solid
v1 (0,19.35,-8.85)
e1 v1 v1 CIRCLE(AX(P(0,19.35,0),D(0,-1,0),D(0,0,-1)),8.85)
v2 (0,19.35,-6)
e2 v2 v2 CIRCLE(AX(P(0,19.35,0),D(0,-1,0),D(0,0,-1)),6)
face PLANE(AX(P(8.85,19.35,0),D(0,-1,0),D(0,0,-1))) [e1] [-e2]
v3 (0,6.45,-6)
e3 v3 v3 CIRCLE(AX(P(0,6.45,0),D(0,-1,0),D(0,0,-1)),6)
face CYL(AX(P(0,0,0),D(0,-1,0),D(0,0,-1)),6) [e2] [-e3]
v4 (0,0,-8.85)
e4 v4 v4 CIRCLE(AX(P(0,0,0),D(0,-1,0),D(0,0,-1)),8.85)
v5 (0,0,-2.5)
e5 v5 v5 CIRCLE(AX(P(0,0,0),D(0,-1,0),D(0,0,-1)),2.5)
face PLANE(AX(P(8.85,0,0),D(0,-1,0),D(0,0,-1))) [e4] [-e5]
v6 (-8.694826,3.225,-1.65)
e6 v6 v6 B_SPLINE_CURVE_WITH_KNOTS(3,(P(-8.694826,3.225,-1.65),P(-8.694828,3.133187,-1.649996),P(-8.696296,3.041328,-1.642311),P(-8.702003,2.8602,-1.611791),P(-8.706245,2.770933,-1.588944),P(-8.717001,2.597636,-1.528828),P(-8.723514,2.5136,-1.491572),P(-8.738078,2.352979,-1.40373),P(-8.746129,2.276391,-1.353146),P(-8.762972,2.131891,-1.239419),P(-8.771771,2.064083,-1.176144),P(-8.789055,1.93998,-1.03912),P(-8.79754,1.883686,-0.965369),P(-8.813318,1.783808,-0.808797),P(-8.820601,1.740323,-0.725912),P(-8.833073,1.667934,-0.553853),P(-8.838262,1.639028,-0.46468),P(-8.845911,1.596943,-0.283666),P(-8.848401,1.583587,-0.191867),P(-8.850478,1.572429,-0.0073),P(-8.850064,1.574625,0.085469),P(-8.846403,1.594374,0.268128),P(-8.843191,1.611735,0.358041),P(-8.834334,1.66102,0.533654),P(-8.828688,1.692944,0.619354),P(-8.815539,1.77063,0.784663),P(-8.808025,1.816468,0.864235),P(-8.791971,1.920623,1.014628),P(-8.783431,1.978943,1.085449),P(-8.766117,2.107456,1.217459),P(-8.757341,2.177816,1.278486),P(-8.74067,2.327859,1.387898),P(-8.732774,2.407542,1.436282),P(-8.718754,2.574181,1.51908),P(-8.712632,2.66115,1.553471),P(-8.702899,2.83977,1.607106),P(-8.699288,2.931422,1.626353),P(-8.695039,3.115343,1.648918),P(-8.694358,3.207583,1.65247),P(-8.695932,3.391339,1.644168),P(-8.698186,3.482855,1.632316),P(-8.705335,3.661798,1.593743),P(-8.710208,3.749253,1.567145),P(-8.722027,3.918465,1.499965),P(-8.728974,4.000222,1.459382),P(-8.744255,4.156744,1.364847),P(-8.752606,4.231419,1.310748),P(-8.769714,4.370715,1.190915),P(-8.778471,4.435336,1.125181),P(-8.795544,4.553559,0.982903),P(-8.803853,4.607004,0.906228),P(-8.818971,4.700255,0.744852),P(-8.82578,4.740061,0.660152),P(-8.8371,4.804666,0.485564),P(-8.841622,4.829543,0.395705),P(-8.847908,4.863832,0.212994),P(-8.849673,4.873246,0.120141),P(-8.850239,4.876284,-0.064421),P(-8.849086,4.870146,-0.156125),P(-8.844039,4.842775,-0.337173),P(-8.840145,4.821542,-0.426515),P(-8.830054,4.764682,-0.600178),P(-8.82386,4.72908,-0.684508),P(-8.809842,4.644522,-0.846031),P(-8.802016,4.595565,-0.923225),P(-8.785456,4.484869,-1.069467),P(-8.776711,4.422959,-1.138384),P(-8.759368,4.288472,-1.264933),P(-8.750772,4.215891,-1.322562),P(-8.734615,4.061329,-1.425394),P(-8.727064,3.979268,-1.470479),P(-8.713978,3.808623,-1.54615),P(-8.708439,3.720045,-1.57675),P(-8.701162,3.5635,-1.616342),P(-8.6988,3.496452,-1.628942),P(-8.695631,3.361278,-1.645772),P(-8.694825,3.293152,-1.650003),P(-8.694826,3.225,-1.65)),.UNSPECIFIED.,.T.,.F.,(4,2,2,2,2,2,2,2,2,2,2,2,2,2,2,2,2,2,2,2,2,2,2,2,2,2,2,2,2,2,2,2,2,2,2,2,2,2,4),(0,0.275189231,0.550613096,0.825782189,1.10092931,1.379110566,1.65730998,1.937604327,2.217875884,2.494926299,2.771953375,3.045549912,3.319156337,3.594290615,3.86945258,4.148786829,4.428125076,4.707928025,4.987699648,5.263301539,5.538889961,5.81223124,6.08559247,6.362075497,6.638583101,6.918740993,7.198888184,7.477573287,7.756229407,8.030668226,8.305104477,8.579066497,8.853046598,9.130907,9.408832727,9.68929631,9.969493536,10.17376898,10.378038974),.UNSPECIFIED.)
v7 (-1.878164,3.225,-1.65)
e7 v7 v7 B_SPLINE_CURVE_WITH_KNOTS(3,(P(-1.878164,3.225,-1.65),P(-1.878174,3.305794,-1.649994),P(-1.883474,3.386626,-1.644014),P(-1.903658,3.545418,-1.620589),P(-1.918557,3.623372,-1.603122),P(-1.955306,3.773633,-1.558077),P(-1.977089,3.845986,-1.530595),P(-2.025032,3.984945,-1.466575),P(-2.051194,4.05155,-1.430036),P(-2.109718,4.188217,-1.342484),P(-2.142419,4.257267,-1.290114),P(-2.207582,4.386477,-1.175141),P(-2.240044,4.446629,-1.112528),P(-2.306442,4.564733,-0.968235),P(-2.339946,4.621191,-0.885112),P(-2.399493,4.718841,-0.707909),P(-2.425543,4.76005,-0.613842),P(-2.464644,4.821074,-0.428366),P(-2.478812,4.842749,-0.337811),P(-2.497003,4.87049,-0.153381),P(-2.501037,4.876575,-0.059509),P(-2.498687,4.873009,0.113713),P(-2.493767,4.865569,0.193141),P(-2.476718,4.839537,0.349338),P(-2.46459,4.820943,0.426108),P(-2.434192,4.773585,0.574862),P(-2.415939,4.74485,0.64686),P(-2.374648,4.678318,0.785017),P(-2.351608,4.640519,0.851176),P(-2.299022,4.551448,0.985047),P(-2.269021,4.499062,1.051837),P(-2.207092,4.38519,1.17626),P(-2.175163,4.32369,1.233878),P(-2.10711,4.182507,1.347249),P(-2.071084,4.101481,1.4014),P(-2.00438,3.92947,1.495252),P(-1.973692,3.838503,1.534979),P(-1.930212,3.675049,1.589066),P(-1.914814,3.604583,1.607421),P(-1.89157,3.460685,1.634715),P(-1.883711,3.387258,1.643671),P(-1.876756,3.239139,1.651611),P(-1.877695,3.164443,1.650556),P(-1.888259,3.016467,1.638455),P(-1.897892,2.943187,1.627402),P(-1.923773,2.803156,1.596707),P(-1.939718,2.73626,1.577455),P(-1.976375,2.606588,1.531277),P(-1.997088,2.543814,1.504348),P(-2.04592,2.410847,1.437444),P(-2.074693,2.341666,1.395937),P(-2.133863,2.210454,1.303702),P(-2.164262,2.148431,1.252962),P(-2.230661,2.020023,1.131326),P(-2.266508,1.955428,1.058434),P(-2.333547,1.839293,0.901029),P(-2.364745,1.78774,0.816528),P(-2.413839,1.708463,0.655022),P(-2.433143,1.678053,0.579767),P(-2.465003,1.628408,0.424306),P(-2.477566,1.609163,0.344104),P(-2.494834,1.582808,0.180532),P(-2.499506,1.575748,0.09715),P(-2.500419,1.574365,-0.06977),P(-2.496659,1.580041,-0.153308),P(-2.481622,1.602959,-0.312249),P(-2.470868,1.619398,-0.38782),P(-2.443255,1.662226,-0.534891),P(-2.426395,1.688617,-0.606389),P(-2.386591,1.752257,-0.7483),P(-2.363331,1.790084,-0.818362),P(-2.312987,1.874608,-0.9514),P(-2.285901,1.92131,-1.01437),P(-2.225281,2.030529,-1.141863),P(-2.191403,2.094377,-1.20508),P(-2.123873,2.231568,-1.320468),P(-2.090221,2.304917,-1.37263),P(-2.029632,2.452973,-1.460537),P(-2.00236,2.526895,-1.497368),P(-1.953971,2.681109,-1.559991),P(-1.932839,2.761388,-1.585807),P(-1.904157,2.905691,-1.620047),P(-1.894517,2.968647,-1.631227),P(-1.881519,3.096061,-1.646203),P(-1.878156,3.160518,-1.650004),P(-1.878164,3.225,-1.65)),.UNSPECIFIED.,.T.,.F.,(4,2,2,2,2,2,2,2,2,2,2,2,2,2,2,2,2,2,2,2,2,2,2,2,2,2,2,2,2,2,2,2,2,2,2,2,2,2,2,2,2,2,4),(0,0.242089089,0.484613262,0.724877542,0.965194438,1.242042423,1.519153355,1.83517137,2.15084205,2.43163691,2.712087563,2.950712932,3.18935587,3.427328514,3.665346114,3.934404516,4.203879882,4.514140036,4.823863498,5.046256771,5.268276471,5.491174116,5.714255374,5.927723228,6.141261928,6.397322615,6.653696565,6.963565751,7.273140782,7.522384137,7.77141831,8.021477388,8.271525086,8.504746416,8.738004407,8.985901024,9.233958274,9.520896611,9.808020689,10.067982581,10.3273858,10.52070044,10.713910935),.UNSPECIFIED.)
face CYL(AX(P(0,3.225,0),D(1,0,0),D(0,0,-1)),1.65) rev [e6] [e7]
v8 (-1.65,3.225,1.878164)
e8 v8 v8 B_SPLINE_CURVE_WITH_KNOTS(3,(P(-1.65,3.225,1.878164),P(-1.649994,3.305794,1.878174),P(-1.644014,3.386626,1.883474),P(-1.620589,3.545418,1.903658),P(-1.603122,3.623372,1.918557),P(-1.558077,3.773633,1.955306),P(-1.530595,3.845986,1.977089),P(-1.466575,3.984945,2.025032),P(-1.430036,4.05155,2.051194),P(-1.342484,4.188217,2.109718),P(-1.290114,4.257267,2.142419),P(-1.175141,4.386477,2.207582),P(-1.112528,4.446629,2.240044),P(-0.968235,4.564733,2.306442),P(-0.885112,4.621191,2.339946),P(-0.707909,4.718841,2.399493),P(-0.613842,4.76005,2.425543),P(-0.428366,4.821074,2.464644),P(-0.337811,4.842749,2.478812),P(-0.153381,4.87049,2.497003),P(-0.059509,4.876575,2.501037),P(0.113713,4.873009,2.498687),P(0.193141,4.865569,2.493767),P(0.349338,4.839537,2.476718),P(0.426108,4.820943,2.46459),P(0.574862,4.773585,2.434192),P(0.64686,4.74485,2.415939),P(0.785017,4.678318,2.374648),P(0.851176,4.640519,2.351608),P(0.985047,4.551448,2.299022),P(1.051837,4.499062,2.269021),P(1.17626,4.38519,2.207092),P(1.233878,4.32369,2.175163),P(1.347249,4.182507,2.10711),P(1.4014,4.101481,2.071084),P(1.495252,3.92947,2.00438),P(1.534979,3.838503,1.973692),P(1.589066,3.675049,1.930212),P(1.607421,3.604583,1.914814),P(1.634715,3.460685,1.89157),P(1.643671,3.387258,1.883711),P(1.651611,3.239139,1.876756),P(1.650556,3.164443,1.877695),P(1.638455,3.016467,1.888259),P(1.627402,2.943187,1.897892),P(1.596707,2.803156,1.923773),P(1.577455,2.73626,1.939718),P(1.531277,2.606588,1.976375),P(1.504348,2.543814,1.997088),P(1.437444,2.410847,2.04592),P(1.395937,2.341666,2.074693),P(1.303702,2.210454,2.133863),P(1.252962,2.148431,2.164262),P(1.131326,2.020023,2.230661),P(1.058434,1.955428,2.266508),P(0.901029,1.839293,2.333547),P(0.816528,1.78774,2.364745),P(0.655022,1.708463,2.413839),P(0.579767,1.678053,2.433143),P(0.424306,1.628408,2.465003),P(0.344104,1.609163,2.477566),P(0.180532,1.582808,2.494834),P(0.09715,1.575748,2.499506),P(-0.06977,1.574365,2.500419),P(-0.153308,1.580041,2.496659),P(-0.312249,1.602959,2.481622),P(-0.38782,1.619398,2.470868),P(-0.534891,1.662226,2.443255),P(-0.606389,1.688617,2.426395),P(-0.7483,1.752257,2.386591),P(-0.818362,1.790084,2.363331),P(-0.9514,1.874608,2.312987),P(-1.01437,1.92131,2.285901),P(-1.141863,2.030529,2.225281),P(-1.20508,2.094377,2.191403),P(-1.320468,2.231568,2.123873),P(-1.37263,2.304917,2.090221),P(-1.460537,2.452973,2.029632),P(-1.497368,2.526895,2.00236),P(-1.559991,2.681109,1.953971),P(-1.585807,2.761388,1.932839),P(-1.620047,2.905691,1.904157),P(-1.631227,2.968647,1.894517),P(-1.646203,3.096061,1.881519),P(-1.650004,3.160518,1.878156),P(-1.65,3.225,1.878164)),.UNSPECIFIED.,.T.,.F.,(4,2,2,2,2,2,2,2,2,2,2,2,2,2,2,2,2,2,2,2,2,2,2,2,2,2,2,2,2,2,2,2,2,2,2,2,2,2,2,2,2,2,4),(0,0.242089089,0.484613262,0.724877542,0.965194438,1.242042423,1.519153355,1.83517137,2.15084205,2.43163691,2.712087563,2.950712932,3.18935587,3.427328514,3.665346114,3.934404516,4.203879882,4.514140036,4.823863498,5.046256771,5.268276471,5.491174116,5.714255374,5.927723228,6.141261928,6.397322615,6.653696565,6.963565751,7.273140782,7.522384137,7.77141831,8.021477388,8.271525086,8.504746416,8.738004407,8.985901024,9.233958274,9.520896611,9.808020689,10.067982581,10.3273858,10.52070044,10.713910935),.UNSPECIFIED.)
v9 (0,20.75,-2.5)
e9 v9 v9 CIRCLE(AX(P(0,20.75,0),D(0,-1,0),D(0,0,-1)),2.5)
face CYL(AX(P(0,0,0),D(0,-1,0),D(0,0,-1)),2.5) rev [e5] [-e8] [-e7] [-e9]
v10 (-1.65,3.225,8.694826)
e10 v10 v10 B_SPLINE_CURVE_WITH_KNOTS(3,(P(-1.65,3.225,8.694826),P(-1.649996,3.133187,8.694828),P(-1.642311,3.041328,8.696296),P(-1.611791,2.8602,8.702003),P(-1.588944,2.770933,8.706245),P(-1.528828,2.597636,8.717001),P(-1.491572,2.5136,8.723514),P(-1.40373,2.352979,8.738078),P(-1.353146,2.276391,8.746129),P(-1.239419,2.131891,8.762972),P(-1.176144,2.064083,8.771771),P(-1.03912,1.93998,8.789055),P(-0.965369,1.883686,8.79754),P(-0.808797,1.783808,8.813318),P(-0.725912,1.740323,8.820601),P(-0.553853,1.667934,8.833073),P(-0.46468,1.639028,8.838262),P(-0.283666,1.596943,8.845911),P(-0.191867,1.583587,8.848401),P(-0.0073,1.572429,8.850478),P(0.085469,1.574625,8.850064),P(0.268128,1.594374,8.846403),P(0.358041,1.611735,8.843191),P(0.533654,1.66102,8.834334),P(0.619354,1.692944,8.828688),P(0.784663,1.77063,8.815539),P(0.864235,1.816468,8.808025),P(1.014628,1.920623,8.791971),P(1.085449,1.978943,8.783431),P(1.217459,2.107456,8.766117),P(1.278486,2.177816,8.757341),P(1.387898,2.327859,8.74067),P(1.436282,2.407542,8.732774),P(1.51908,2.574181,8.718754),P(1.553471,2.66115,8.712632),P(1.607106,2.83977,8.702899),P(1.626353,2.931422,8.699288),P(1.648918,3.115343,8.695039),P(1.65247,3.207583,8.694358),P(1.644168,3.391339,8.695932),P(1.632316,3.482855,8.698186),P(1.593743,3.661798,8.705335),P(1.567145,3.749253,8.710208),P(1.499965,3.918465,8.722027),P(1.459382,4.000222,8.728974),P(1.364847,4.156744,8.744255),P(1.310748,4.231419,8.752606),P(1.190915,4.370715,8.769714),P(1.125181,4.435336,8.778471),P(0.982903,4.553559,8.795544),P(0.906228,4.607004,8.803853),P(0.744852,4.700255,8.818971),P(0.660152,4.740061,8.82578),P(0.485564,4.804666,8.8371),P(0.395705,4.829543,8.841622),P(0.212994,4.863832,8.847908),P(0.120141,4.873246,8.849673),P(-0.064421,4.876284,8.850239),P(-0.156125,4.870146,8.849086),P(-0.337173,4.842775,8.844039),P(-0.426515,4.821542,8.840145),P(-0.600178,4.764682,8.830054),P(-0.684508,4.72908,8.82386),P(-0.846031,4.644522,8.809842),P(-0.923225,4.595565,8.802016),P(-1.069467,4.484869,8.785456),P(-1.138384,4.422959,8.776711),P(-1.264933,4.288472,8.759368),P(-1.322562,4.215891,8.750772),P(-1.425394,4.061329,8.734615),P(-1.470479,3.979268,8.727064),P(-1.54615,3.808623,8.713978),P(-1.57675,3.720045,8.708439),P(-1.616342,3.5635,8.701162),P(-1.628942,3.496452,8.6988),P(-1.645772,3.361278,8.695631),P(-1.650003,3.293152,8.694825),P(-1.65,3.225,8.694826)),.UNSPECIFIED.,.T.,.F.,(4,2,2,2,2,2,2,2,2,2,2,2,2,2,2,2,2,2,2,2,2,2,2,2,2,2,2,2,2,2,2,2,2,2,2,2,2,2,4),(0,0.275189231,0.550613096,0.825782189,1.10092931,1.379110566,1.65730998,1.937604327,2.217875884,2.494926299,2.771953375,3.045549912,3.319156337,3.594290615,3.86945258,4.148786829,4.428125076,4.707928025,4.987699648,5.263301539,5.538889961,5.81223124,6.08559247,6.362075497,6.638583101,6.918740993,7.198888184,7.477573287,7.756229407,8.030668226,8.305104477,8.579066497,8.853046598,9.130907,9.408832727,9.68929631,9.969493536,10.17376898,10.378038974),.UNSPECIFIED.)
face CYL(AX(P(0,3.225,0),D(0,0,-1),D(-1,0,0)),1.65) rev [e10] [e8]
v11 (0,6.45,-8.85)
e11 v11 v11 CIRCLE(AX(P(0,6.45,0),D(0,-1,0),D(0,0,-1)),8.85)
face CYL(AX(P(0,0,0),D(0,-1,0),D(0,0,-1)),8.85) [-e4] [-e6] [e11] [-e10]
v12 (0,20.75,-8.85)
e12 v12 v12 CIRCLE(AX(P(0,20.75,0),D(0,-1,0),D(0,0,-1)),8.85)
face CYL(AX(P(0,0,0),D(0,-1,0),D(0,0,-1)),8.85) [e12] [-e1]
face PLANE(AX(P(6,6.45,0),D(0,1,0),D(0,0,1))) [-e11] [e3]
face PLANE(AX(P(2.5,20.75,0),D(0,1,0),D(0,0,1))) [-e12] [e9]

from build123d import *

# Parameters (mm, degrees)
CROQUIS3_W     = 1.65
CROQUIS3_H     = 8.851
MATRIZC1_COUNT = 2
MATRIZC1_ANGLE = 90


with BuildPart() as part:
    # Croquis1 → Revolución1 (revolve)
    with BuildSketch(Plane.XY):
        Polygon((8.85, 6.45), (8.85, 0), (2.5, 0), (2.5, 20.75), (8.85, 20.75), (8.85, 19.35), (6, 19.35), (6, 6.45), align=None)
    revolve(axis=Axis((0, 0, 0), (0, 1, 0)))

    # Croquis3 → Taladro roscado M41 (revolve, cut)
    with BuildSketch(Plane(origin=(0, 3.225, 0), x_dir=(0, 1, 0), z_dir=(1, 0, 0))):
        with Locations((0.825, 4.4255)):
            Rectangle(CROQUIS3_W, CROQUIS3_H)
    taladro_roscado_m41 = revolve(axis=Axis((0, 3.225, -6.35), (0, 0, 1)), mode=Mode.SUBTRACT)

    # MatrizC1: Taladro roscado M41 ×2 about axis
    matrizc1_axis = Axis((0, 0, 0), (0, -1, 0))
    for i in range(1, MATRIZC1_COUNT):
        add(taladro_roscado_m41.rotate(matrizc1_axis, i * MATRIZC1_ANGLE / (MATRIZC1_COUNT - 1)), mode=Mode.SUBTRACT)


solid = part.part
